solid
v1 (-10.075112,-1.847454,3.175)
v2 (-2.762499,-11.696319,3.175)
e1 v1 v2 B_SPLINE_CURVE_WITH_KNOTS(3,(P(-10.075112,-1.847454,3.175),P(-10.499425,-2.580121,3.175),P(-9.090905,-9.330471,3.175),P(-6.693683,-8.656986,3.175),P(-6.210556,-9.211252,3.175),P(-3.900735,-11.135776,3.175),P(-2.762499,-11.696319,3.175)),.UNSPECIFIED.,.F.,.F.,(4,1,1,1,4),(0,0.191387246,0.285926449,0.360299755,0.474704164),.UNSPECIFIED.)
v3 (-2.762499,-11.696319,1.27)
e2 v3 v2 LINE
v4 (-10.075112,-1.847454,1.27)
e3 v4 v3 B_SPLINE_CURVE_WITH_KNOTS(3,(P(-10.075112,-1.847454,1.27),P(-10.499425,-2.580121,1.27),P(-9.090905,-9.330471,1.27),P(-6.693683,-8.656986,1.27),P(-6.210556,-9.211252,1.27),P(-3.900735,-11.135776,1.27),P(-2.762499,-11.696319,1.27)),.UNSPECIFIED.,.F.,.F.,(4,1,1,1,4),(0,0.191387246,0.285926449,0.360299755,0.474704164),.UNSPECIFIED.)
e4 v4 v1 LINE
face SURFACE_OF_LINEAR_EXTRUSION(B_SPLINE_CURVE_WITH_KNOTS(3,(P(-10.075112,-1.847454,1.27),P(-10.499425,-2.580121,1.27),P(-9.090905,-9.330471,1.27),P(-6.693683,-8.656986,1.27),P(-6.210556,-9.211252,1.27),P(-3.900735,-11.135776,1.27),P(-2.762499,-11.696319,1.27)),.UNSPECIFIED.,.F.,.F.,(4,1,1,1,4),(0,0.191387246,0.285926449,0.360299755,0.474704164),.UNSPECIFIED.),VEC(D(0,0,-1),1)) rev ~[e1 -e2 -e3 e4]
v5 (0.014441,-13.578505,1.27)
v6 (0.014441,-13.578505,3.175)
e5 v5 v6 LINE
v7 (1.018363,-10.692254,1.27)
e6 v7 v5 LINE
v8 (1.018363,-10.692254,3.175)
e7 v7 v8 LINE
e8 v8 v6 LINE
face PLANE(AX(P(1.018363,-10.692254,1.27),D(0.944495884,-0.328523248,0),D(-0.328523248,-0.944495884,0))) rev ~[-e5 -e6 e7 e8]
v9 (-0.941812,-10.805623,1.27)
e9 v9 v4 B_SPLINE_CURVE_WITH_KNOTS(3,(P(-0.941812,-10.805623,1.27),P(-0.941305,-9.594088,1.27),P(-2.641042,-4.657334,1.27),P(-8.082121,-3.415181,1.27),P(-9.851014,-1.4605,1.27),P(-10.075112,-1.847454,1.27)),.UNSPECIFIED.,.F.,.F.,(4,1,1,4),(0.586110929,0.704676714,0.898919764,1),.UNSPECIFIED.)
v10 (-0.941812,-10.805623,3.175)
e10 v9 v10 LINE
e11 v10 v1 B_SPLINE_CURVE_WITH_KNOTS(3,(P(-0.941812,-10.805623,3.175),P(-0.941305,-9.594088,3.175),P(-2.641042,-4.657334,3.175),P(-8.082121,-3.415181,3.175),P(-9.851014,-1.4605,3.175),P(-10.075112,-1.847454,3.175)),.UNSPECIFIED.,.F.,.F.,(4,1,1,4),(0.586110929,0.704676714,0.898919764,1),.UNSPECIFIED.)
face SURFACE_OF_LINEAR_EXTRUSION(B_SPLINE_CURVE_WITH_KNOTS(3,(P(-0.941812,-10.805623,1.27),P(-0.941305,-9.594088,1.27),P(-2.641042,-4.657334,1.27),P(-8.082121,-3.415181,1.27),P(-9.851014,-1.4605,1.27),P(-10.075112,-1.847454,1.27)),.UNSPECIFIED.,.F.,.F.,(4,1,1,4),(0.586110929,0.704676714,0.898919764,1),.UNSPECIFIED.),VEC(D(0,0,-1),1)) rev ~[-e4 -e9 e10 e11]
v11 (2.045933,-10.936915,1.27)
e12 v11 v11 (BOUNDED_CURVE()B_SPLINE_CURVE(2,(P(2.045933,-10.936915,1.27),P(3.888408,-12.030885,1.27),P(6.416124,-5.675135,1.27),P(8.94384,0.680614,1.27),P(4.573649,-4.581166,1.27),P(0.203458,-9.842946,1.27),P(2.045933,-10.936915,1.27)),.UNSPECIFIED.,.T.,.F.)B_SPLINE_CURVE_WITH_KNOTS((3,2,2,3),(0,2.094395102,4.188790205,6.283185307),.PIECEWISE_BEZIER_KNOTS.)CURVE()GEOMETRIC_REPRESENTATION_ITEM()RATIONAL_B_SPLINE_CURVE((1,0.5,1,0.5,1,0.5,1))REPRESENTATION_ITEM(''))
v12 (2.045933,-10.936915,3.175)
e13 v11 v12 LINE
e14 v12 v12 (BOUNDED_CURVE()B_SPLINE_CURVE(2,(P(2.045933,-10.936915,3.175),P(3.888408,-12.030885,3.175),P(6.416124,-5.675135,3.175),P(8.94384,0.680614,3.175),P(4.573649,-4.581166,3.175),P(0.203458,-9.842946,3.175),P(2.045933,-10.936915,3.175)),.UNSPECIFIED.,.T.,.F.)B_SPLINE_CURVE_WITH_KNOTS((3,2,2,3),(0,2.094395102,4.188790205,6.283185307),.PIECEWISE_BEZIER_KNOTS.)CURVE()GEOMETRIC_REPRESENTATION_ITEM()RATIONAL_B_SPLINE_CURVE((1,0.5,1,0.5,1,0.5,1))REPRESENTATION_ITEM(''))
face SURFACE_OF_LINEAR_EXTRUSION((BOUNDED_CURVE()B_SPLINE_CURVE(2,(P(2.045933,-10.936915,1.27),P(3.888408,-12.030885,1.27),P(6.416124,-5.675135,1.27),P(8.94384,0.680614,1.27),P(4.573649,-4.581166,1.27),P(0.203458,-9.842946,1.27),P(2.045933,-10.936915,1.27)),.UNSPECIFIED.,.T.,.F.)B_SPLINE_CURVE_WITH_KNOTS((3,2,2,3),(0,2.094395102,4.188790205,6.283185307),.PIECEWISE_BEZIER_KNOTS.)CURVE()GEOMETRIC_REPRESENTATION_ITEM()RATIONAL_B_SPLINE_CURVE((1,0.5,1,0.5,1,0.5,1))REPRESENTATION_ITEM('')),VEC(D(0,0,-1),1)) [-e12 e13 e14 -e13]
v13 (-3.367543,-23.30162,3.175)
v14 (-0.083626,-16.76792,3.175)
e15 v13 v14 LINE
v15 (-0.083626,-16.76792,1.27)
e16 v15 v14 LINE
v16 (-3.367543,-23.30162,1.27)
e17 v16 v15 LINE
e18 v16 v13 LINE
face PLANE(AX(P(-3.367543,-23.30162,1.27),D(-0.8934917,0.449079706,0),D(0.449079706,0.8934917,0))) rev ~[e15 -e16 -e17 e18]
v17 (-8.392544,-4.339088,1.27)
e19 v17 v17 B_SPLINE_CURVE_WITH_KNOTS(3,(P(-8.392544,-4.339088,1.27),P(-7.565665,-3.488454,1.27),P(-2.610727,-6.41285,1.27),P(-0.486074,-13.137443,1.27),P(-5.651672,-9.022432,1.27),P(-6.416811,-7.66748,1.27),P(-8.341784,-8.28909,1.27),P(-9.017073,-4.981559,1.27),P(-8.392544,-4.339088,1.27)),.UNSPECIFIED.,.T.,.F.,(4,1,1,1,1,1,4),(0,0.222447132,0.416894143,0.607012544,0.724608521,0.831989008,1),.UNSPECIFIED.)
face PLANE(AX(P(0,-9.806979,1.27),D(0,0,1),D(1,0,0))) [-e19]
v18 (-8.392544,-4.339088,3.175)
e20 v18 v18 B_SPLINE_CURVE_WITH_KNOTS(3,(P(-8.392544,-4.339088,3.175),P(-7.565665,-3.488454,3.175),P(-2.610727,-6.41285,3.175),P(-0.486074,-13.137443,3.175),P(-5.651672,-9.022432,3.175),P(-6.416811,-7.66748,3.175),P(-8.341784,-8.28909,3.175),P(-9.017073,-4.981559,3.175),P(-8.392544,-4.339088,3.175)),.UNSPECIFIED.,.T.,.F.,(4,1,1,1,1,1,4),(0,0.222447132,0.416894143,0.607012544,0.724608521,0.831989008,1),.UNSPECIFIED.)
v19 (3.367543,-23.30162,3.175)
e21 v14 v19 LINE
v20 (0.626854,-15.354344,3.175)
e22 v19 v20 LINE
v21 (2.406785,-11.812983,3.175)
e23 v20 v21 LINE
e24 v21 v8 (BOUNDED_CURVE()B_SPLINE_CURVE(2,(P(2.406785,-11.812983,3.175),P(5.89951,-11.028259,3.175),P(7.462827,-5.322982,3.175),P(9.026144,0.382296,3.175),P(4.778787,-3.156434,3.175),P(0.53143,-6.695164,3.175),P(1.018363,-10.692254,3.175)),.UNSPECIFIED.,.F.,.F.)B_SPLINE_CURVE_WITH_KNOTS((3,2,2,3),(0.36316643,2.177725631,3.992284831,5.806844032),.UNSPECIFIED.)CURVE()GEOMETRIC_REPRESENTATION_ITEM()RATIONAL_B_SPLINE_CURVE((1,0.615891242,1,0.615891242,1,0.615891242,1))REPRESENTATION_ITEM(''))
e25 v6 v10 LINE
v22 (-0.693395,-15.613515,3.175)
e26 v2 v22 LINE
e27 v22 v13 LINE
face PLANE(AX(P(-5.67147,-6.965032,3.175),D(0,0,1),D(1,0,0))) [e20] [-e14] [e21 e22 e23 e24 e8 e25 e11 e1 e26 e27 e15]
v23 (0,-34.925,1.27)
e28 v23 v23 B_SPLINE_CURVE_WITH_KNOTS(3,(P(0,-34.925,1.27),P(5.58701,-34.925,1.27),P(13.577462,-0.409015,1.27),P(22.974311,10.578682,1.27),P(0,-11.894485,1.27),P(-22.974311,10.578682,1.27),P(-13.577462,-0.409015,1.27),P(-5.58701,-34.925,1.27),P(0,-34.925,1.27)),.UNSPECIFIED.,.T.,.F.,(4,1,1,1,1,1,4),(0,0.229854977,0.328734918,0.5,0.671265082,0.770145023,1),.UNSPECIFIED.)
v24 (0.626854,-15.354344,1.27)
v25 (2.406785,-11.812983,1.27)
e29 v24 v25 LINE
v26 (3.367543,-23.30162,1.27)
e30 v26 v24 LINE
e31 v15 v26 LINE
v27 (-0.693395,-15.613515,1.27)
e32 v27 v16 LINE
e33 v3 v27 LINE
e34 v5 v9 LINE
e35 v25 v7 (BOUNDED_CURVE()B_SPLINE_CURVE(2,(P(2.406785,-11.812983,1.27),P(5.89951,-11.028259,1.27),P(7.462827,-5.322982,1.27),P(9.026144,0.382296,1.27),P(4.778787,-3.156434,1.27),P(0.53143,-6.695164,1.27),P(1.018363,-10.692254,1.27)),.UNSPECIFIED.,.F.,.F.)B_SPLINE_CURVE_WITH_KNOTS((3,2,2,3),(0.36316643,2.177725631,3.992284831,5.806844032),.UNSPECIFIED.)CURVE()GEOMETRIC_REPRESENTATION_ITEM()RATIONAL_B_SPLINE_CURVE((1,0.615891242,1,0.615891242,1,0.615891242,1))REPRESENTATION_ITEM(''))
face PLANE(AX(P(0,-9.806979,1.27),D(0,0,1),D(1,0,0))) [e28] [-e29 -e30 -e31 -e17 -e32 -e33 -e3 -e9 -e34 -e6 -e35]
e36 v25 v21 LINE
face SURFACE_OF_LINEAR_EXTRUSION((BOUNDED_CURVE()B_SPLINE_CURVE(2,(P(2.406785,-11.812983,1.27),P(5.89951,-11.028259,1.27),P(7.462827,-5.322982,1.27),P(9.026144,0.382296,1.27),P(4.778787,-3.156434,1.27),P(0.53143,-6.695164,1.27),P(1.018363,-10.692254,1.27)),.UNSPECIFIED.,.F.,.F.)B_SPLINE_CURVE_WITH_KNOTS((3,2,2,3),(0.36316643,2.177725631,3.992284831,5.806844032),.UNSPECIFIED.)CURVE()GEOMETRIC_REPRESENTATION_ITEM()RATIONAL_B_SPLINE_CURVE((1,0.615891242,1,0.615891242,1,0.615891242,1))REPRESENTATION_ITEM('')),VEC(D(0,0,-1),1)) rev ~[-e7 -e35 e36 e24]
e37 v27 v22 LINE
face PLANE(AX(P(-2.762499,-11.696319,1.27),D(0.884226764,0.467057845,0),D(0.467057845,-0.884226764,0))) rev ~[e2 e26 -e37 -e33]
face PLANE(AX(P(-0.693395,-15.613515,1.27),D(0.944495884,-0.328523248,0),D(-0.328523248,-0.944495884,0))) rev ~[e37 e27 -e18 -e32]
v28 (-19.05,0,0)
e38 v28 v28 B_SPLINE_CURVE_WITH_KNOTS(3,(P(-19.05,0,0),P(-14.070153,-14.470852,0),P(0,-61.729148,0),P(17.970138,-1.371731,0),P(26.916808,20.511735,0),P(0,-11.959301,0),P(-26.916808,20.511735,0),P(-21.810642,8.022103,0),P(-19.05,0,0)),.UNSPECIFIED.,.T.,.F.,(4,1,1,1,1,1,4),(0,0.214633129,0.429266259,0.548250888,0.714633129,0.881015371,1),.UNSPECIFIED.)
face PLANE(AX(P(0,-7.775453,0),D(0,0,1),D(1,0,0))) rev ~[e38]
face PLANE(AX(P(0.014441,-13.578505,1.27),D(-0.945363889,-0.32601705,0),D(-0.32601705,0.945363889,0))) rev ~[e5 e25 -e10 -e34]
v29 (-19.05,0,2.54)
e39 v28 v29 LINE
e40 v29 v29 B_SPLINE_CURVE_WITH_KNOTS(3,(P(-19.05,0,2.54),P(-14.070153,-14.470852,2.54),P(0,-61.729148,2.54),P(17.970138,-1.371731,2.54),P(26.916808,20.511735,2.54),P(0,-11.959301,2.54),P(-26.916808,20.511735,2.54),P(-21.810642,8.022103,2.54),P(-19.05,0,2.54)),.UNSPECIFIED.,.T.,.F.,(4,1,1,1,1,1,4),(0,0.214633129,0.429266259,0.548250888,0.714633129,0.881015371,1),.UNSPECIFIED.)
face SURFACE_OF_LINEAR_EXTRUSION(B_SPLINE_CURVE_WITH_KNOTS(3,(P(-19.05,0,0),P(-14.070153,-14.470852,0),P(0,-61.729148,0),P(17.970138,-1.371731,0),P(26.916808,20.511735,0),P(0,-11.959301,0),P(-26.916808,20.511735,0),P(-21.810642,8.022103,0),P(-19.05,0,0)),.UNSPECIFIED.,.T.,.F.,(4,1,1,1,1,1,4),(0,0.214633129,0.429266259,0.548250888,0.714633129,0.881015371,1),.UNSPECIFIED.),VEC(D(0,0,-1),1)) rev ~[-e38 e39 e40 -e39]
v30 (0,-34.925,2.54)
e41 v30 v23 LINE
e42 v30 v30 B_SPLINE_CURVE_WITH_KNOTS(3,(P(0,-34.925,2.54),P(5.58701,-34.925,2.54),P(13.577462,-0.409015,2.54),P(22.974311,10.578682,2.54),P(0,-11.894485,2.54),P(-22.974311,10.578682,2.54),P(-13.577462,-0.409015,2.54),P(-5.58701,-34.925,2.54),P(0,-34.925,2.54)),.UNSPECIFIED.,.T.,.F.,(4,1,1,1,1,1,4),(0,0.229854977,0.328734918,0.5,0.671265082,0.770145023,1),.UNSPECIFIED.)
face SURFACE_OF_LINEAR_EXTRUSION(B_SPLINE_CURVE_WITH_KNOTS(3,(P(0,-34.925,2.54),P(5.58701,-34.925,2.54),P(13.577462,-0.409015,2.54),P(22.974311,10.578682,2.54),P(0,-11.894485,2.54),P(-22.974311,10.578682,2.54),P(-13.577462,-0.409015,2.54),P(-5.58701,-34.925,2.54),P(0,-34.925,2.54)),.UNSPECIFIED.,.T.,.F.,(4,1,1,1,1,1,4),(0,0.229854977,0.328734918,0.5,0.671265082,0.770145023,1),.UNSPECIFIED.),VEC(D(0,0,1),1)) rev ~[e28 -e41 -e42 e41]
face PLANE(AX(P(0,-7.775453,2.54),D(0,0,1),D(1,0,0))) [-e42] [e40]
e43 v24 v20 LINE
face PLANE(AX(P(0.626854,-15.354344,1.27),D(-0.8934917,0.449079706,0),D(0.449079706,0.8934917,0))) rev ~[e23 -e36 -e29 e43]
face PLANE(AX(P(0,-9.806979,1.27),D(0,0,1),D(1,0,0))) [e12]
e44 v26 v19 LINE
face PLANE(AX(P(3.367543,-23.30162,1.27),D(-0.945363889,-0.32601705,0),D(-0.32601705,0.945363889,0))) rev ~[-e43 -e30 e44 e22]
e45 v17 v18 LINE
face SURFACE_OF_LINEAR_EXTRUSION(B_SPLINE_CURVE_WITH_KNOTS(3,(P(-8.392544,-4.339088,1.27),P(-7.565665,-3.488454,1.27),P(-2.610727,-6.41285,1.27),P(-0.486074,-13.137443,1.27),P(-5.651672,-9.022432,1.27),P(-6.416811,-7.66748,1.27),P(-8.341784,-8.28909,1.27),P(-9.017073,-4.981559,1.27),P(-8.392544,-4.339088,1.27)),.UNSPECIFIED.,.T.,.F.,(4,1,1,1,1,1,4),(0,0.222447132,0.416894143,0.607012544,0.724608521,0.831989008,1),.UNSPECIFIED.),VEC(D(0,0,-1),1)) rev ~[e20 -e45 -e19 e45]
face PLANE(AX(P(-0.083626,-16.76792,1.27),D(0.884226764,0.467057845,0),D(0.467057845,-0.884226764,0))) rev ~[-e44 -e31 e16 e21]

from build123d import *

# Parameters (mm, degrees)
F1_DEPTH = 2.54
F3_DEPTH = 1.27
F5_DEPTH = 1.905


with BuildPart() as f1:
    # F0 (on Top) → F1 (new body)
    with BuildSketch(Plane.XY):
        with BuildLine():
            add(Edge.make_bspline(
                [(-19.05, 0), (-14.0701532741, -14.4708520881), (0, -61.7291479119), (17.9701382761, -1.3717307537), (26.9168084968, 20.5117345686), (0, -11.9593012484), (-26.9168084968, 20.5117345686), (-21.8106419297, 8.0221025329), (-19.05, 0)],
                knots=[0, 0, 0, 0, 0.2146331294, 0.4292662587, 0.548250888, 0.7146331294, 0.8810153707, 1, 1, 1, 1], degree=3))
        make_face()
    extrude(amount=F1_DEPTH)

    # F2 (on face) → F3 (cut)
    with BuildSketch(Plane.XY.offset(2.54)):
        with BuildLine():
            add(Edge.make_bspline(
                [(0, -34.925), (5.5870096117, -34.925), (13.5774615524, -0.409014654), (22.9743111974, 10.5786818437), (0, -11.8944848933), (-22.9743111974, 10.5786818437), (-13.5774615524, -0.409014654), (-5.5870096117, -34.925), (0, -34.925)],
                knots=[0, 0, 0, 0, 0.229854977, 0.3287349181, 0.5, 0.6712650819, 0.770145023, 1, 1, 1, 1], degree=3))
        make_face()
    extrude(amount=-F3_DEPTH, mode=Mode.SUBTRACT)

    # F4 (on face) → F5 (join)
    with BuildSketch(Plane.XY.offset(1.27)):
        with BuildLine():
            add(Edge.make_bspline(
                [(-0.9418117738, -10.8056232593), (-0.941305465, -9.5940879134), (-2.6410423743, -4.6573339874), (-8.0821209178, -3.4151811089), (-9.8510135387, -1.4604998613), (-10.075112167, -1.8474542616)],
                knots=[0.5861109288, 0.5861109288, 0.5861109288, 0.5861109288, 0.7046767141, 0.8989197638, 1, 1, 1, 1], degree=3))
            add(Edge.make_bspline(
                [(-10.075112167, -1.8474542616), (-10.4994247826, -2.5801211007), (-9.0909050129, -9.3304707356), (-6.6936826194, -8.6569856228), (-6.2105561471, -9.2112515132), (-3.9007348159, -11.1357762499), (-2.7624990325, -11.6963190958)],
                knots=[0, 0, 0, 0, 0.1913872463, 0.2859264494, 0.3602997552, 0.4747041638, 0.4747041638, 0.4747041638, 0.4747041638], degree=3))
            add(Edge.make_bspline(
                [(-2.7624990325, -11.6963190958), (-2.2206749365, -11.9631492422), (-1.2335176441, -12.2282004748), (-0.9420549571, -11.3875310556), (-0.9418117738, -10.8056232593)],
                knots=[0.4747041638, 0.4747041638, 0.4747041638, 0.4747041638, 0.5291630608, 0.5861109288, 0.5861109288, 0.5861109288, 0.5861109288], degree=3))
        make_face()
        with BuildLine():
            add(Edge.make_bspline(
                [(-8.3925437492, -4.3390877768), (-7.5656651386, -3.4884542378), (-2.6107273875, -6.4128501869), (-0.4860740639, -13.1374426013), (-5.651672466, -9.0224324086), (-6.416810911, -7.6674799625), (-8.3417839111, -8.2890900223), (-9.0170727973, -4.9815585671), (-8.3925437492, -4.3390877768)],
                knots=[0, 0, 0, 0, 0.2224471318, 0.4168941435, 0.6070125439, 0.7246085205, 0.8319890082, 1, 1, 1, 1], degree=3))
        make_face(mode=Mode.SUBTRACT)
        with BuildLine():
            add(Edge.make_bspline(
                [(-2.7624990325, -11.6963190958), (-2.2206749365, -11.9631492422), (-1.2335176441, -12.2282004748), (-0.9420549571, -11.3875310556), (-0.9418117738, -10.8056232593)],
                knots=[0.4747041638, 0.4747041638, 0.4747041638, 0.4747041638, 0.5291630608, 0.5861109288, 0.5861109288, 0.5861109288, 0.5861109288], degree=3))
            Line((-2.7624990325, -11.6963190958), (-0.6933951368, -15.6135149228))
            Line((-0.6933951368, -15.6135149228), (0.014440807, -13.5785047997))
            Line((0.014440807, -13.5785047997), (-0.9418117738, -10.8056232593))
        make_face()
        Polygon((0.014440807, -13.5785047997), (-0.6933951368, -15.6135149228), (-0.0836261949, -16.7679201509), (0.6268544319, -15.3543435994), align=None)
        Polygon((-0.0836261949, -16.7679201509), (-0.6933951368, -15.6135149228), (-3.3675426285, -23.3016201458), align=None)
        with BuildLine():
            Line((1.0183631121, -10.6922540074), (0.014440807, -13.5785047997))
            Line((0.014440807, -13.5785047997), (0.6268544319, -15.3543435994))
            Line((0.6268544319, -15.3543435994), (2.4067848809, -11.8129832146))
            add(Edge.make_bspline(
                [(1.5632608685, -11.7211891461), (1.9054576797, -11.9256183954), (2.4067848809, -11.8129832146)],
                knots=[0, 0, 0, 0.3631664302, 0.3631664302, 0.3631664302], degree=2, weights=[1, 0.9835590176, 1]))
            add(Edge.make_bspline(
                [(1.0183631121, -10.6922540074), (1.1107797798, -11.4508757879), (1.5632608685, -11.7211891461)],
                knots=[5.8068440318, 5.8068440318, 5.8068440318, 6.2831853072, 6.2831853072, 6.2831853072], degree=2, weights=[1, 0.9717711935, 1]))
        make_face()
        Polygon((0.6268544319, -15.3543435994), (-0.0836261949, -16.7679201509), (3.3675426285, -23.3016201458), align=None)
        with BuildLine():
            add(Edge.make_bspline(
                [(2.4067848809, -11.8129832146), (5.899509842, -11.028258774), (7.4628268088, -5.3229815437), (9.0261437756, 0.3822956866), (4.7787870889, -3.1564340471), (0.5314304021, -6.6951637808), (1.0183631121, -10.6922540074)],
                knots=[0.3631664302, 0.3631664302, 0.3631664302, 2.1777256307, 2.1777256307, 3.9922848312, 3.9922848312, 5.8068440318, 5.8068440318, 5.8068440318], degree=2, weights=[1, 0.6158912416, 1, 0.6158912416, 1, 0.6158912416, 1]))
            add(Edge.make_bspline(
                [(1.0183631121, -10.6922540074), (1.1107797798, -11.4508757879), (1.5632608685, -11.7211891461)],
                knots=[5.8068440318, 5.8068440318, 5.8068440318, 6.2831853072, 6.2831853072, 6.2831853072], degree=2, weights=[1, 0.9717711935, 1]))
            add(Edge.make_bspline(
                [(1.5632608685, -11.7211891461), (1.9054576797, -11.9256183954), (2.4067848809, -11.8129832146)],
                knots=[0, 0, 0, 0.3631664302, 0.3631664302, 0.3631664302], degree=2, weights=[1, 0.9835590176, 1]))
        make_face()
        with BuildLine():
            add(Edge.make_bspline(
                [(2.0459327833, -10.9369151487), (3.8884076141, -12.0308845449), (6.4161239344, -5.6751354766), (8.9438402546, 0.6806135916), (4.5736491036, -4.5811660804), (0.2034579525, -9.8429457525), (2.0459327833, -10.9369151487)],
                knots=[0, 0, 0, 2.0943951024, 2.0943951024, 4.1887902048, 4.1887902048, 6.2831853072, 6.2831853072, 6.2831853072], degree=2, weights=[1, 0.5, 1, 0.5, 1, 0.5, 1]))
        make_face(mode=Mode.SUBTRACT)
    extrude(amount=F5_DEPTH)


solid = f1.part
